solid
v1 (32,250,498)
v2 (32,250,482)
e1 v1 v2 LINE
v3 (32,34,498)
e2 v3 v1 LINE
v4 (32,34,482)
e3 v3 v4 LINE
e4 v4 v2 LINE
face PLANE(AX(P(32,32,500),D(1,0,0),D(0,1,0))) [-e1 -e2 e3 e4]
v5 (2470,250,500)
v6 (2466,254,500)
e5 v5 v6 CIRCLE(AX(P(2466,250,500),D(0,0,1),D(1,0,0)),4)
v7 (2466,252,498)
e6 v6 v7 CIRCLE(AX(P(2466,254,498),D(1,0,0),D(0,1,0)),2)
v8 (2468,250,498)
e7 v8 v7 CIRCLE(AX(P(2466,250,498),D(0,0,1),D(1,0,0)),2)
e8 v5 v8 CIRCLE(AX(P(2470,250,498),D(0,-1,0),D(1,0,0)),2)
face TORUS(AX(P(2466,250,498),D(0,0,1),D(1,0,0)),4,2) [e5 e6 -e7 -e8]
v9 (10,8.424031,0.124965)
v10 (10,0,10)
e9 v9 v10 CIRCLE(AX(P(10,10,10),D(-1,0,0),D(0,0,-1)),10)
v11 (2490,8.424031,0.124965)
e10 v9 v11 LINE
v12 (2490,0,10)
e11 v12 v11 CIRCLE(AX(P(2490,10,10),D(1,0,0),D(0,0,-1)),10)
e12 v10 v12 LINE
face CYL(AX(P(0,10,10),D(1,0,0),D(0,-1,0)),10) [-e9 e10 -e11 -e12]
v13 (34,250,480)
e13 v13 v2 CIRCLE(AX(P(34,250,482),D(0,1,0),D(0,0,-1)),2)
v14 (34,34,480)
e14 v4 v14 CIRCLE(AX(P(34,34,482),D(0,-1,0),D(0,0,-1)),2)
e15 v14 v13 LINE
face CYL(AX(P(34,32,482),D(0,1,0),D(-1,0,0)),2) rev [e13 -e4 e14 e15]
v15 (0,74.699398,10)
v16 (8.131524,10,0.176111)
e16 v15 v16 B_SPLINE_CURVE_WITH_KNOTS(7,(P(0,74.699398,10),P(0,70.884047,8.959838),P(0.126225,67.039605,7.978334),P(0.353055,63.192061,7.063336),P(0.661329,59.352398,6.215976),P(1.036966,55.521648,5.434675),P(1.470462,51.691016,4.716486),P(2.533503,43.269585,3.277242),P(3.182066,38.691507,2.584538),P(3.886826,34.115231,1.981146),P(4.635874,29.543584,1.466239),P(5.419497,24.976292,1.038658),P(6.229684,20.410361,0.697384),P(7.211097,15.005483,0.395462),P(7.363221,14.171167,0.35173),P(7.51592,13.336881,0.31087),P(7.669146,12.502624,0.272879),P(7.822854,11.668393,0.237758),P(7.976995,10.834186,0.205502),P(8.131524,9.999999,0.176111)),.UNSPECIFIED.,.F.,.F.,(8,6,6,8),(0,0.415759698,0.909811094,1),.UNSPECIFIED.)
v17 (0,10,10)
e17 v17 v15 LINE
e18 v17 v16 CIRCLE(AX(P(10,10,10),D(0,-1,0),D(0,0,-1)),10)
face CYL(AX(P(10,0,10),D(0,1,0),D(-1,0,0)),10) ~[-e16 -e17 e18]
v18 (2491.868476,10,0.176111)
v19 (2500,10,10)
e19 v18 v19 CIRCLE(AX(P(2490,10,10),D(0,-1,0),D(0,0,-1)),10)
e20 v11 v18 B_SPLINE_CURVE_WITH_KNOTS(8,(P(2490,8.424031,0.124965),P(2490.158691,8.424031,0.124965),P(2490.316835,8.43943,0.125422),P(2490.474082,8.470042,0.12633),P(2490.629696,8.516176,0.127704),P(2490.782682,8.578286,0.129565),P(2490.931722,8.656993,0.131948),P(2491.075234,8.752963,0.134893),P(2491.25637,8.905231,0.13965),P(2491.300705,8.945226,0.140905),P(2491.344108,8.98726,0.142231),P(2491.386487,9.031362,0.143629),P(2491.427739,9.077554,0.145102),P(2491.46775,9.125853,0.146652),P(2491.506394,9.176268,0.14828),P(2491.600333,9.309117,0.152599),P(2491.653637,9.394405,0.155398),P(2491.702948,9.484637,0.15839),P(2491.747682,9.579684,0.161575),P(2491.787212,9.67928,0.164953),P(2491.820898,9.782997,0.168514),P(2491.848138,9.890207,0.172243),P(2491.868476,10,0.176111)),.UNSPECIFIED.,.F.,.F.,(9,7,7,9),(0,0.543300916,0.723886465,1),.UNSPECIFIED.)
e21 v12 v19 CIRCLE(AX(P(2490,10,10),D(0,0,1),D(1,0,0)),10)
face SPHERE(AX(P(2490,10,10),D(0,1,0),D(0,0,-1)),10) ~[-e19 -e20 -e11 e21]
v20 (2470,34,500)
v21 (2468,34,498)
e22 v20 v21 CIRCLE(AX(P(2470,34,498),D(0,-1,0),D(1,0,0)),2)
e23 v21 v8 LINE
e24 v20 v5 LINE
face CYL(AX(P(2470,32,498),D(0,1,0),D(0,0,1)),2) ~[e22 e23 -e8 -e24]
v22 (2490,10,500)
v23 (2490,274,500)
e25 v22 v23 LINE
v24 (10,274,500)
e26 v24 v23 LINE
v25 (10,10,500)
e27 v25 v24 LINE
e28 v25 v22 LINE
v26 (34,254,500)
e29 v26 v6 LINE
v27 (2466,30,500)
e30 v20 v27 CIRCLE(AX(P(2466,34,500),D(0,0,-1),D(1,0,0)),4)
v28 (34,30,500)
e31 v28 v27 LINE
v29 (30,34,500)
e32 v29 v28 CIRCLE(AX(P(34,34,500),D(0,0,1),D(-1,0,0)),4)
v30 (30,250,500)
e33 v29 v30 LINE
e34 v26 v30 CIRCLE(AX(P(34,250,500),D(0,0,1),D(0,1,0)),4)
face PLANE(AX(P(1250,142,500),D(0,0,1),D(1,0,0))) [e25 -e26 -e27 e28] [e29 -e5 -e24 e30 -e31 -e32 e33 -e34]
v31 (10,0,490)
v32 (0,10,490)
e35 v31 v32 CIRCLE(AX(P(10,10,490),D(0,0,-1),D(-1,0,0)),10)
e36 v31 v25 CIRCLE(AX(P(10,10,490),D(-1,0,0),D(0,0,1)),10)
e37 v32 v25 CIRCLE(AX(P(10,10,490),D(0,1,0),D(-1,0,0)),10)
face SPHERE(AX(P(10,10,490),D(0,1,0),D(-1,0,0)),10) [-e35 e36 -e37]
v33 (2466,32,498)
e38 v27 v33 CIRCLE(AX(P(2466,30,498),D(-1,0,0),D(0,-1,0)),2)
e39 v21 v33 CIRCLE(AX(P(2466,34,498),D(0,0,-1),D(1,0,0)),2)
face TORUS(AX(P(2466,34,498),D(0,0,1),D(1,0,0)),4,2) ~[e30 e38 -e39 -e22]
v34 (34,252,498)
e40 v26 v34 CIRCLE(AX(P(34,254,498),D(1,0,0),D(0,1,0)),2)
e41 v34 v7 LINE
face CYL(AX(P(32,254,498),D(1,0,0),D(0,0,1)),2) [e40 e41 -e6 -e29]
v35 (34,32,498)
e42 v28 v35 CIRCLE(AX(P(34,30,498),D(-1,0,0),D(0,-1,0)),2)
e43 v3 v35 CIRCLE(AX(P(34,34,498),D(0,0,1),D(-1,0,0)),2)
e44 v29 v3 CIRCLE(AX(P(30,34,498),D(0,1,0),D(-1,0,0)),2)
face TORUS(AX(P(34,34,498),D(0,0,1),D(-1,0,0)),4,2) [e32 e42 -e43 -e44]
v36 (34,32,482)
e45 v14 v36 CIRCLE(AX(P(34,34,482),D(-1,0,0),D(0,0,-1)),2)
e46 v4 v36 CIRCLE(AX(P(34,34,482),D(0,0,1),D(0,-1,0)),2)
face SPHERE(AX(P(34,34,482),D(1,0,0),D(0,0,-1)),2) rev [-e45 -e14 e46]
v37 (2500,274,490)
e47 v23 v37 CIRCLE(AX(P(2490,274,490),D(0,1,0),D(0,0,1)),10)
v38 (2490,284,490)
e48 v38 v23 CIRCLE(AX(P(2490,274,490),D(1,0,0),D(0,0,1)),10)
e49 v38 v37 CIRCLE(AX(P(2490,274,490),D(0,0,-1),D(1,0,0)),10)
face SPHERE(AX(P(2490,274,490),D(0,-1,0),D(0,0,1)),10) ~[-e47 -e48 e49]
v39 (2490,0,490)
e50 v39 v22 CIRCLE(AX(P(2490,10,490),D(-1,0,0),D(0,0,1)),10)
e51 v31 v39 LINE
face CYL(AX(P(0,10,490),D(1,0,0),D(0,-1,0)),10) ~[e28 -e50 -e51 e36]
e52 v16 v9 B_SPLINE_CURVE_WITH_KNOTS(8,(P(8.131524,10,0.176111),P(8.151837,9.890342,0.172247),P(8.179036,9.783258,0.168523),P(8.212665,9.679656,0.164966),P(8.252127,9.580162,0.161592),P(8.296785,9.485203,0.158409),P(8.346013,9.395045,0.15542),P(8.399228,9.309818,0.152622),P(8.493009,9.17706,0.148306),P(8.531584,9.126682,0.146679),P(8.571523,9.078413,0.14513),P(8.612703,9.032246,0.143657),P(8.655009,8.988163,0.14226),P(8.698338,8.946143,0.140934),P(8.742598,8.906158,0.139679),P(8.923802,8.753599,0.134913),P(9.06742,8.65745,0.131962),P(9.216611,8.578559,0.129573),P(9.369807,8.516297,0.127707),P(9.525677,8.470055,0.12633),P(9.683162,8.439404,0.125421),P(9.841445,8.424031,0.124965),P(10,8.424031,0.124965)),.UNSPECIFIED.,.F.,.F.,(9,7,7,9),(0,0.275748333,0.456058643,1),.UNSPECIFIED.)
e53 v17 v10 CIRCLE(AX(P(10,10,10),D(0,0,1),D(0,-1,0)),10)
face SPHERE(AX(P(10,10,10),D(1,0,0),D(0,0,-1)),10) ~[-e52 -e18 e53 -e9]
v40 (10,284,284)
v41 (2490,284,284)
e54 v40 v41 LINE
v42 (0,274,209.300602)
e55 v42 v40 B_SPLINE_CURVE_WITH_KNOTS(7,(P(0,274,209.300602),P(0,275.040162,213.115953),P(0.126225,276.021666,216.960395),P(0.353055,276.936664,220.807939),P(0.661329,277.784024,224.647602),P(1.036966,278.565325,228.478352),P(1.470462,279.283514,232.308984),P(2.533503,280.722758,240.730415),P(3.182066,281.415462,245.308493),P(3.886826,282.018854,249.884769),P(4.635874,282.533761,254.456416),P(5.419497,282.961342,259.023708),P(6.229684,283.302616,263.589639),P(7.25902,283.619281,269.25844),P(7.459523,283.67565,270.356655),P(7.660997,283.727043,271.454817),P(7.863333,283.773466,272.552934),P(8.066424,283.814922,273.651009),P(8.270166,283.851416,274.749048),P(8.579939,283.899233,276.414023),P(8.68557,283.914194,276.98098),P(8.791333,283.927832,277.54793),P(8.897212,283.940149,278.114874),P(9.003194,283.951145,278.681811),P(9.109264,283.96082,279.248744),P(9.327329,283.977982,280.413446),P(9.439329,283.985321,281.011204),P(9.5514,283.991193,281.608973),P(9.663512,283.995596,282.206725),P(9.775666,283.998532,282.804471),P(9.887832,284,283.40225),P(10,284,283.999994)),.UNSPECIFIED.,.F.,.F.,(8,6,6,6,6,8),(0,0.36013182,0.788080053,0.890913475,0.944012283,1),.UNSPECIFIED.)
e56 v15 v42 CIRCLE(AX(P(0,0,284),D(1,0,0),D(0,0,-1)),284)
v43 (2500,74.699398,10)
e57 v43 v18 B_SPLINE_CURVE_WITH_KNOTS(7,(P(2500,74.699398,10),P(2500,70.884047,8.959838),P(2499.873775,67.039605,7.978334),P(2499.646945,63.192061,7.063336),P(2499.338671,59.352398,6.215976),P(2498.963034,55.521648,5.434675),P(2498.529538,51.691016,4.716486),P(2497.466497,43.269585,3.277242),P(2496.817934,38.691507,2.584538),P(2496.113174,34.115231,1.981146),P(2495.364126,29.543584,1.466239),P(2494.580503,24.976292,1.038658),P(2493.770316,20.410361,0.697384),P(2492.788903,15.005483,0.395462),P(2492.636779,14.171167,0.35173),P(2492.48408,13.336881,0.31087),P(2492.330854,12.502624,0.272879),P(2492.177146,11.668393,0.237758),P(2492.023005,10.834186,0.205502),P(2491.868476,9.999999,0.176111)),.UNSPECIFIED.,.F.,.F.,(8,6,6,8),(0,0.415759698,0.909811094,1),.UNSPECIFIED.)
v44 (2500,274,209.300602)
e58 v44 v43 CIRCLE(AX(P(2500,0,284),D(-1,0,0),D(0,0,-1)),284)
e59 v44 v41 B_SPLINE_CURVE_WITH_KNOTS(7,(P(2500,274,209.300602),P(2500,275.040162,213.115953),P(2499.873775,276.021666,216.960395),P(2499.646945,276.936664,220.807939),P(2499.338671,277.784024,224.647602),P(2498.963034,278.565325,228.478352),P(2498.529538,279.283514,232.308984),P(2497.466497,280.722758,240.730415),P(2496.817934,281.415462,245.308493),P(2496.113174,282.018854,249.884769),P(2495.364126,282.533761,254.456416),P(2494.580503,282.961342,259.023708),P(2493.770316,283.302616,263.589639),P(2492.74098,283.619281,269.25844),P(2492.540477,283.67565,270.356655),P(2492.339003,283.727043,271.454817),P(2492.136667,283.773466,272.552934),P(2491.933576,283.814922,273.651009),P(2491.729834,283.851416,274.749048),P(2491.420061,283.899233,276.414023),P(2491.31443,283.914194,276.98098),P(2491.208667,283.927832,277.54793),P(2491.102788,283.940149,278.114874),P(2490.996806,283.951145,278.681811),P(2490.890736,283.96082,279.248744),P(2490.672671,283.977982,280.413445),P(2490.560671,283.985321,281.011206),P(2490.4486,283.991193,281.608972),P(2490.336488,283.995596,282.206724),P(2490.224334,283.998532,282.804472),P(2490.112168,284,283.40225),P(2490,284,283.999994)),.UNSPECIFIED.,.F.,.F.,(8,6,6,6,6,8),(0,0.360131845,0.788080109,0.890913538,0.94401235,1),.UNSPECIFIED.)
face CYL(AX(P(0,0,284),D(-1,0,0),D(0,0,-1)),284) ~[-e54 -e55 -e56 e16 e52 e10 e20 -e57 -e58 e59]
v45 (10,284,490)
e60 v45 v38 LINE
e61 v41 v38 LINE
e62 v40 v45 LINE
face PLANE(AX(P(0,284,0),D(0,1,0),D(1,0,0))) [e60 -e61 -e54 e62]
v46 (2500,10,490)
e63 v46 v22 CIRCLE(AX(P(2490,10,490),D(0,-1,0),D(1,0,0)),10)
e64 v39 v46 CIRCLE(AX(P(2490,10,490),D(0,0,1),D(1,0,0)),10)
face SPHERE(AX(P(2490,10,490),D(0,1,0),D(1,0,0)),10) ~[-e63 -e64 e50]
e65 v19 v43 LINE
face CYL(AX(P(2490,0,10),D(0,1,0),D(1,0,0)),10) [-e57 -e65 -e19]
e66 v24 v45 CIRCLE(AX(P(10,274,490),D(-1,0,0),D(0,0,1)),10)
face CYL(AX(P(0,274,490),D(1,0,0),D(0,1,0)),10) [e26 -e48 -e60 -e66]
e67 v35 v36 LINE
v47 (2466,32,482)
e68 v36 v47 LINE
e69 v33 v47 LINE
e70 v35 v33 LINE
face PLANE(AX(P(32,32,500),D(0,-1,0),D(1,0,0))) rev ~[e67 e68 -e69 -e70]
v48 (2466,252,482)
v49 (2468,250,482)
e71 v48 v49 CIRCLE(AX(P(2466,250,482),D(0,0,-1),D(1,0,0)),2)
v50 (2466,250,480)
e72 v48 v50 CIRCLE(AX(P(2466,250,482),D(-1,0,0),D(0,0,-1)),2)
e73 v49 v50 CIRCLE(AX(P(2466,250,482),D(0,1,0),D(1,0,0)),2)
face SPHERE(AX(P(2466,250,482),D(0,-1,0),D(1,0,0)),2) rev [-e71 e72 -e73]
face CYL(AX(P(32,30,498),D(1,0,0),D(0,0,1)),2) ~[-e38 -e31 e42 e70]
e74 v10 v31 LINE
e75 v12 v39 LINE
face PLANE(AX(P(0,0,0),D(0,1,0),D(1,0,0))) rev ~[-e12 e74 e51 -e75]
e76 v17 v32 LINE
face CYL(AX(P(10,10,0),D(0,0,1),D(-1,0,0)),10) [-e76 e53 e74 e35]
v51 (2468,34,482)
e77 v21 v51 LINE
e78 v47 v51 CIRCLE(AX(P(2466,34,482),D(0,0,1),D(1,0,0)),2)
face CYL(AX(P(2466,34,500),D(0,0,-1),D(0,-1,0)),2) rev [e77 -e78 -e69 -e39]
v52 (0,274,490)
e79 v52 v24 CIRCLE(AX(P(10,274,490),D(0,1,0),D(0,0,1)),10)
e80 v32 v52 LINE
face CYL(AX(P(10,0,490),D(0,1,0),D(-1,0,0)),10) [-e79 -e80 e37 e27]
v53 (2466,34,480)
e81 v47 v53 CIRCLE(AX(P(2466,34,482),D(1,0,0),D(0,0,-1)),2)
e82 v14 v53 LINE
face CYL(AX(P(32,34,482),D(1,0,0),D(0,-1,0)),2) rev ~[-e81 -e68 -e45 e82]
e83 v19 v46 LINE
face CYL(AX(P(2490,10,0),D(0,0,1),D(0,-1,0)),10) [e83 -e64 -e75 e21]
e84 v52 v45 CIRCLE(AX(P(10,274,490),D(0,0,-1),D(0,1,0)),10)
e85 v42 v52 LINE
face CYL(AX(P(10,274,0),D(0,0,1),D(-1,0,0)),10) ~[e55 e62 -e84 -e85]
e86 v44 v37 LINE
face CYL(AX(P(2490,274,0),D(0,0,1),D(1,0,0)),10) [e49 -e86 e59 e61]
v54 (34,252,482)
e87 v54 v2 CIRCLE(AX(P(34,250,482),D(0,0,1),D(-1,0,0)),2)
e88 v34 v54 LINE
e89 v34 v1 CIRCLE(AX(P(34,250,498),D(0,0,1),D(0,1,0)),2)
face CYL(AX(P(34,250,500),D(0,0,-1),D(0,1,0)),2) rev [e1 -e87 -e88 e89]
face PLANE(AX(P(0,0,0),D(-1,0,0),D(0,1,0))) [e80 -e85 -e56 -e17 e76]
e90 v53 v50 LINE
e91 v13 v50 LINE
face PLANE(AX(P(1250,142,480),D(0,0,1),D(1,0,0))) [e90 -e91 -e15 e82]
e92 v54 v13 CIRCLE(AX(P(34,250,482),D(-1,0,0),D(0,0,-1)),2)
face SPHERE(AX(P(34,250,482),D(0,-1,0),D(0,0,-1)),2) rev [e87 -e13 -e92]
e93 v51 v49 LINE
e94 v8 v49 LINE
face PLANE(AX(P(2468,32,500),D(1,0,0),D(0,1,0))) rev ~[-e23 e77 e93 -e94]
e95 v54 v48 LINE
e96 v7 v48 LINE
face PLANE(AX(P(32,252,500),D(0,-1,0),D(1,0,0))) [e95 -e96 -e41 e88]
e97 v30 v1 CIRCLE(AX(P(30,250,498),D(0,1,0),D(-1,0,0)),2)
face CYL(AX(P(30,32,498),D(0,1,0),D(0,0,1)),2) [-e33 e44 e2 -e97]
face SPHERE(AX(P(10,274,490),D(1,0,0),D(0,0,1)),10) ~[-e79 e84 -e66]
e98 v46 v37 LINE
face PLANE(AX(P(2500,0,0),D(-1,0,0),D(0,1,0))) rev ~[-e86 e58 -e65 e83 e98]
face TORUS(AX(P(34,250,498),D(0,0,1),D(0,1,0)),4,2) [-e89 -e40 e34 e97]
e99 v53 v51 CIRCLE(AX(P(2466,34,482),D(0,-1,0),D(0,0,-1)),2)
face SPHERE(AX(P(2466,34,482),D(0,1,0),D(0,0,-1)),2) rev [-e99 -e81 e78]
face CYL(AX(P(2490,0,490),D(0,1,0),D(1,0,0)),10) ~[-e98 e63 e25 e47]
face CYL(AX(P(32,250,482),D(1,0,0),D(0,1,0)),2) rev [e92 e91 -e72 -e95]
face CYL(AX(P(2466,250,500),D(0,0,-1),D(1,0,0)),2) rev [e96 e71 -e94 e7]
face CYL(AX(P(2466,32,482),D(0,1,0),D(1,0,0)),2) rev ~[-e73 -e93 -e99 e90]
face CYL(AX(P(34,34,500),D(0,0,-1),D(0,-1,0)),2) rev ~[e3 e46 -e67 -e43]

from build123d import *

# Parameters (mm, degrees)
SKETCH1_W           = 2500
SKETCH1_H           = 284
BOSS_EXTRUDE1_DEPTH = 500
FILLET1_R           = 10
SKETCH2_W           = 2436
SKETCH2_H           = 220
CUT_EXTRUDE1_DEPTH  = 20
FILLET2_R           = 2
CUT_EXTRUDE2_REACH  = 2567.279


with BuildPart() as part:
    # Sketch1 → Boss-Extrude1 (new body)
    with BuildSketch(Plane.XY):
        with Locations((1250, 142)):
            Rectangle(SKETCH1_W, SKETCH1_H)
    extrude(amount=BOSS_EXTRUDE1_DEPTH)

    # Fillet1
    fillet1_edges = [part.edges().sort_by_distance(p)[0] for p in [
        (2500, 142, 500),
        (1250, 284, 500),
        (0, 142, 500),
        (1250, 284, 0),
        (2500, 142, 0),
        (1250, 0, 0),
        (0, 142, 0),
        (0, 284, 250),
        (2500, 284, 250),
        (2500, 0, 250),
        (0, 0, 250),
        (1250, 0, 500),
    ]]
    fillet(fillet1_edges, radius=FILLET1_R)

    # Sketch2 → Cut-Extrude1 (cut)
    with BuildSketch(Plane.XY.offset(500)):
        with Locations((1250, 142)):
            Rectangle(SKETCH2_W, SKETCH2_H)
    extrude(amount=-CUT_EXTRUDE1_DEPTH, mode=Mode.SUBTRACT)

    # Fillet2
    fillet2_edges = [part.edges().sort_by_distance(p)[0] for p in [
        (2468, 142, 480),
        (2468, 252, 490),
        (1250, 32, 480),
        (2468, 32, 490),
        (32, 142, 480),
        (32, 32, 490),
        (1250, 252, 480),
        (32, 252, 490),
        (2468, 142, 500),
        (1250, 252, 500),
        (32, 142, 500),
        (1250, 32, 500),
    ]]
    fillet(fillet2_edges, radius=FILLET2_R)

    # Cut-Extrude2: up to this face of the body (flat: up to its plane)
    cut_extrude2_end = Plane(part.part.faces().sort_by_distance((2500, 142, 250))[0])
    # Sketch3 → Cut-Extrude2 (cut, up to the picked face)
    with BuildSketch(Plane.ZY, mode=Mode.PRIVATE) as cut_extrude2_sk1:
        with BuildLine():
            Line((284, 284), (0, 284))
            Line((0, 284), (0, 0))
            ThreePointArc((0, 0), (83.181674143, 200.818325857), (284, 284))
        make_face()
    cut_extrude2_tool1 = split(extrude(cut_extrude2_sk1.sketch, amount=-CUT_EXTRUDE2_REACH, mode=Mode.PRIVATE), bisect_by=cut_extrude2_end, keep=Keep.BOTH, mode=Mode.PRIVATE)
    add(cut_extrude2_tool1.solids().sort_by(Axis((0, 220.563505, 63.436495), (1, 0, 0)))[0], mode=Mode.SUBTRACT)


solid = part.part
